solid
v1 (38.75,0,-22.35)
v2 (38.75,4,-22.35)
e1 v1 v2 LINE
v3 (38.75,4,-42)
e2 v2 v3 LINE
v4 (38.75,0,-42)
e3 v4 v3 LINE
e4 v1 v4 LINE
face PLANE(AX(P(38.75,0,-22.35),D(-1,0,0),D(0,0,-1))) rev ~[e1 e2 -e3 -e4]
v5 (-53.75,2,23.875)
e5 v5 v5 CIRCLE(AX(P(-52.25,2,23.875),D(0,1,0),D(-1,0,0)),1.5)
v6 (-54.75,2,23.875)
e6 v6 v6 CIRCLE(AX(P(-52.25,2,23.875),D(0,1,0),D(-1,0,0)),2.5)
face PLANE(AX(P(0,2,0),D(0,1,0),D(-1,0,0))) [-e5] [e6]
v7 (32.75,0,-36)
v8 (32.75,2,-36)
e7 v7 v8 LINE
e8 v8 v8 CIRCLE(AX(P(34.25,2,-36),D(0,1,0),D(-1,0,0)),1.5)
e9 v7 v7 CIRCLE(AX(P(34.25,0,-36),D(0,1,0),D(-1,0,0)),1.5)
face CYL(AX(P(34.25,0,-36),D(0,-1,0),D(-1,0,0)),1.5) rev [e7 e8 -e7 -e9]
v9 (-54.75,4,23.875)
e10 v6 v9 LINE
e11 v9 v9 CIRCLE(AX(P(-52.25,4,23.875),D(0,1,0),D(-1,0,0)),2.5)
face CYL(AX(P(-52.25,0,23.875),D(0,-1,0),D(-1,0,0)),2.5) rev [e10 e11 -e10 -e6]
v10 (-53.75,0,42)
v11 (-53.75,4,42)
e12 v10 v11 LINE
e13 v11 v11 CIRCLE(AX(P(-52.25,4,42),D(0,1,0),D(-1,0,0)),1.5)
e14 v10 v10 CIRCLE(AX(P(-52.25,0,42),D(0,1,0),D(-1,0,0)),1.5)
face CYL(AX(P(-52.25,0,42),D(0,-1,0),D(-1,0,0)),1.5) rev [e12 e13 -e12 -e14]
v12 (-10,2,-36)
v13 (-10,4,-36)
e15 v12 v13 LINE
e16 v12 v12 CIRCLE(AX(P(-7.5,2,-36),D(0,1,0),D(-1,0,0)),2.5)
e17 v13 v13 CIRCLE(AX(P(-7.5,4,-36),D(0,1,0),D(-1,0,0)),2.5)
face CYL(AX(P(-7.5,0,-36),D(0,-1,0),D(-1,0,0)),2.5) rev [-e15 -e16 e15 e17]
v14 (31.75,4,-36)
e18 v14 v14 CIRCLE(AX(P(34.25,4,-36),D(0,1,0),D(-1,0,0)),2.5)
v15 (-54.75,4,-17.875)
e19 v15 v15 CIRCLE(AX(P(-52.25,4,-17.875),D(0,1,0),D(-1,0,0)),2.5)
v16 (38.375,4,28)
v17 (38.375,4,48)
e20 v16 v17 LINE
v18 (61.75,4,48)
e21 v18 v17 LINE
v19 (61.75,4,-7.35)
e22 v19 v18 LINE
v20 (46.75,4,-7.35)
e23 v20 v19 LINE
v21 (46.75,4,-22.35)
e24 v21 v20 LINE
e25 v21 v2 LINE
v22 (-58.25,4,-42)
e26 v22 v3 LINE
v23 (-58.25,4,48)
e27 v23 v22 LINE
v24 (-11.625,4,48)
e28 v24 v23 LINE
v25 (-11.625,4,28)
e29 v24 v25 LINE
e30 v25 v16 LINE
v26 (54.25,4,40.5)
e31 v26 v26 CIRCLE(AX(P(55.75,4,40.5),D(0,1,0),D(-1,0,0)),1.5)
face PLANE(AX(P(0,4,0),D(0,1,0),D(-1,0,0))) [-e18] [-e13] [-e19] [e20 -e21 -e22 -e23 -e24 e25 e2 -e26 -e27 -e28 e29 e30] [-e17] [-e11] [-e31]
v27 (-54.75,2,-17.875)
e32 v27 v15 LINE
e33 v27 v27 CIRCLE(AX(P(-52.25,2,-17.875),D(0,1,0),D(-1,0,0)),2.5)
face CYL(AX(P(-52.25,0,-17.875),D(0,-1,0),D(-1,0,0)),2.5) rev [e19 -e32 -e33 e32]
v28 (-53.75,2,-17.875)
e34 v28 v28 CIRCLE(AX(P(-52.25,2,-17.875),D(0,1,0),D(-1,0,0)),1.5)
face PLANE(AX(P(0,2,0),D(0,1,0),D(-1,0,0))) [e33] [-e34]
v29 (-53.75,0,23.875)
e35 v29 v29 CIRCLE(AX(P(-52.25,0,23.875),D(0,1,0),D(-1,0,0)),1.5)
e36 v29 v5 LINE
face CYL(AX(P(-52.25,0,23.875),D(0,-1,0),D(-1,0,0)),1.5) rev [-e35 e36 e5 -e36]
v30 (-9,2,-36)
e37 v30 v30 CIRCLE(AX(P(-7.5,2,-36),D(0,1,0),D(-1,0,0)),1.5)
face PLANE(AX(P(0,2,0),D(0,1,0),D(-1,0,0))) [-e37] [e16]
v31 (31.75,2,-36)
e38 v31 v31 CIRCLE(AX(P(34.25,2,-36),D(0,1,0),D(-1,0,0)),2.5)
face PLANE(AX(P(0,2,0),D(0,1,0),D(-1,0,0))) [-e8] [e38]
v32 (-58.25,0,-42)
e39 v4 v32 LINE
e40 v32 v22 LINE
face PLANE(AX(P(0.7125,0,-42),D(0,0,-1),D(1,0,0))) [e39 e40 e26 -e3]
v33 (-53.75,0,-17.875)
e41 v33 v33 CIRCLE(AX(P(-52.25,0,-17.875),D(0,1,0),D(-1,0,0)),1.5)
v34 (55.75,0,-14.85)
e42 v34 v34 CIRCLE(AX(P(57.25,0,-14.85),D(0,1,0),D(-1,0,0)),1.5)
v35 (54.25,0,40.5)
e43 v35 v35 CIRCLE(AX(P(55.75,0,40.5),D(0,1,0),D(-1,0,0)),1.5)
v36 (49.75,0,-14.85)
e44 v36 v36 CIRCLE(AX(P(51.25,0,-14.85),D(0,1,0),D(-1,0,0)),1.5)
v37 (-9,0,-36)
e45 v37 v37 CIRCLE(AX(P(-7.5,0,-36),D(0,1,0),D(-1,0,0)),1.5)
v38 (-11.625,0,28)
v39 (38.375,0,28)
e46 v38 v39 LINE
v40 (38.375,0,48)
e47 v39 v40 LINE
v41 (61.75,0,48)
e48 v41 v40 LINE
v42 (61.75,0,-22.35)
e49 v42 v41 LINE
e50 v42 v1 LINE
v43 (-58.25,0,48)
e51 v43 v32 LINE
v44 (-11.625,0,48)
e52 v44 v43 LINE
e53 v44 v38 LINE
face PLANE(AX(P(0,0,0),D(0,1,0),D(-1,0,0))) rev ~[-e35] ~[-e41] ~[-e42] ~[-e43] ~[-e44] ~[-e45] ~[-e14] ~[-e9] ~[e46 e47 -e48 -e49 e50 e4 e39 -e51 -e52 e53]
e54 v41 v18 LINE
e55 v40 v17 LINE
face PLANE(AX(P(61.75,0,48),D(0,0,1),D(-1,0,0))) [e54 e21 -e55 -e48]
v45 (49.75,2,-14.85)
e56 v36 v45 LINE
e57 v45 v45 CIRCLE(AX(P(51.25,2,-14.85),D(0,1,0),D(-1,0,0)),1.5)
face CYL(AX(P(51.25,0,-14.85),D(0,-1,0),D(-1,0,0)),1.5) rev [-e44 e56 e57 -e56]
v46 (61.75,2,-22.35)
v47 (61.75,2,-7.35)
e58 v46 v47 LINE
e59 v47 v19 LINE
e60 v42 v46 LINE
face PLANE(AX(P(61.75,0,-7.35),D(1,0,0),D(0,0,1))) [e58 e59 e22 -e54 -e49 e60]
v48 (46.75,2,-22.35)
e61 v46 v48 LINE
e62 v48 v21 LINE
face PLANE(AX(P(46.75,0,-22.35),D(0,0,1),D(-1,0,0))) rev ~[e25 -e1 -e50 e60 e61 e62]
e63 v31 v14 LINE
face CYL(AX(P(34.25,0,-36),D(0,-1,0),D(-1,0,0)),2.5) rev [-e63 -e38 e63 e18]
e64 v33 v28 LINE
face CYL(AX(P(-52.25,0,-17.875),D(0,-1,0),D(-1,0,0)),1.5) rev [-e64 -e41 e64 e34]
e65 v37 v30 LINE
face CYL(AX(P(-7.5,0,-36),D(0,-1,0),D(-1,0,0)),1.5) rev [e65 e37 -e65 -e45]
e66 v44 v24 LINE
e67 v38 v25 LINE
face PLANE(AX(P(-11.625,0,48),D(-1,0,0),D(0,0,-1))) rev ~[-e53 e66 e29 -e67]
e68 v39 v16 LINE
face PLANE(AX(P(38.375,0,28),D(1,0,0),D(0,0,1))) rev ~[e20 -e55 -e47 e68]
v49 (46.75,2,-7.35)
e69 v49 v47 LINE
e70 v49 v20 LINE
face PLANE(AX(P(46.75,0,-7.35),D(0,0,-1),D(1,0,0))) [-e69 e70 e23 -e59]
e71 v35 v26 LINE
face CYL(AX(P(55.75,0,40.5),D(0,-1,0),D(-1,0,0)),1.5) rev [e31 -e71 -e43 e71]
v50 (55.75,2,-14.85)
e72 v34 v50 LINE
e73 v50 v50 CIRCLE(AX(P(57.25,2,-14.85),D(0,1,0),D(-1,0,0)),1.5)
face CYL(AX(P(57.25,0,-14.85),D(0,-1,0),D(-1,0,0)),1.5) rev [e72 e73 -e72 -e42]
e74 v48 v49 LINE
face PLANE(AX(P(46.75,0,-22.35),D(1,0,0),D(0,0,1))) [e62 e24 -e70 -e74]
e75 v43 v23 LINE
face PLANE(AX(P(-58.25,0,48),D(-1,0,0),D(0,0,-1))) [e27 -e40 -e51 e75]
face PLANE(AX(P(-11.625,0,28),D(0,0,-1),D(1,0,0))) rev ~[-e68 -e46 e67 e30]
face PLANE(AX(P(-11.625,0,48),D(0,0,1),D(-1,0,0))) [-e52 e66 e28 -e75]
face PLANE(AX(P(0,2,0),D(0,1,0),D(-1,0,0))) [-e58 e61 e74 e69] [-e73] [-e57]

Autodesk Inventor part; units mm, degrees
ref_plane "YZ Plane" through (0, 0, 0) normal (1, 0, 0) x (0, 1, 0)
ref_plane "XZ Plane" through (0, 0, 0) normal (0, 1, 0) x (-1, 0, 0)
ref_plane "XY Plane" through (0, 0, 0) normal (0, 0, 1) x (1, 0, 0)
sketch "Sketch1" plane through (0, 0, 0) normal (0, 1, 0) x (-1, 0, 0)
  line L0 (-61.75, -42) -> (-61.75, 48)
  line L1 (-0.875, 23) -> (-0.875, 3)
  circle A0 centre (-7.375, 13) radius 1.5
  line L2 (11.625, 48) -> (11.625, 28)
  circle A1 centre (-19.375, 13) radius 1.5
  line L3 (-0.875, 3) -> (-25.875, 3)
  line L4 (-25.875, 23) -> (-0.875, 23)
  line L5 (-25.875, 3) -> (-25.875, 23)
  line L6 (-61.75, 48) -> (58.25, 48)
  line L7 (11.625, 28) -> (-38.375, 28)
  line L8 (-38.375, 48) -> (11.625, 48)
  circle A2 centre (-55.75, 40.5) radius 1.5
  line L9 (-38.375, 28) -> (-38.375, 48)
  line L10 (-28.375, 0) -> (-13.375, 0)
  line L11 (-13.375, 0) -> (-13.375, -30)
  line L12 (-13.375, -30) -> (-28.375, -30)
  line L13 (-28.375, -30) -> (-28.375, 0)
  line L14 (1.625, 0) -> (-13.375, 0)
  circle A3 centre (-5.875, -9) radius 1.5
  circle A4 centre (-5.875, -21) radius 1.5
  circle A5 centre (-20.875, -9) radius 1.5
  line L15 (1.625, -30) -> (1.625, 0)
  line L16 (-13.375, 0) -> (-13.375, -30)
  line L17 (-13.375, -30) -> (1.625, -30)
  circle A6 centre (-20.875, -21) radius 1.5
  line L18 (-46.75, -7.35) -> (-61.75, -7.35)
  circle A7 centre (-51.25, -14.85) radius 1.5
  circle A8 centre (-51.25, -14.85) radius 2.5
  circle A9 centre (-57.25, -14.85) radius 1.5
  circle A10 centre (-57.25, -14.85) radius 2.5
  line L19 (-46.75, -22.35) -> (-46.75, -7.35)
  line L20 (-61.75, -7.35) -> (-61.75, -22.35)
  line L21 (-61.75, -22.35) -> (-46.75, -22.35)
  line L22 (-61.75, -25) -> (-61.75, -42)
  line L23 (-61.75, -42) -> (-46.75, -42)
  line L24 (58.25, 48) -> (58.25, -42)
  line L25 (58.25, -42) -> (9.2875, -42)
  circle A11 centre (52.25, 42) radius 1.5
  circle A12 centre (52.25, -17.875) radius 1.5
  circle A13 centre (52.25, -17.875) radius 2.5
  line L26 (43.975, 3) -> (63.025, 3) construction
  circle A14 centre (52.25, 23.875) radius 2.5
  circle A15 centre (52.25, 23.875) radius 1.5
  line L27 (-0.7125, -42) -> (-61.75, -42)
  circle A16 centre (-34.25, -36) radius 2.5
  circle A17 centre (-34.25, -36) radius 1.5
  line L28 (-0.7125, -42) -> (9.2875, -42)
  circle A18 centre (7.5, -36) radius 1.5
  circle A19 centre (7.5, -36) radius 2.5
  line L29 (-13.375, 3) -> (-13.375, -33.5) construction
  line L30 (-46.75, -22.35) -> (-38.75, -22.35)
  line L31 (-38.75, -22.35) -> (-38.75, -42)
  point P0 (6.919, -15.2883)
  point P1 (4.2875, 3)
  point P2 (-0.875, 13)
  point P3 (-34.25, -30)
  point P4 (7.5, -30)
  dimension "d32" = 7.5
  dimension "d33" = 12
  dimension "d34" = 12
  dimension "d35" = 7.5
  dimension "d36" = 0
  dimension "d37" = 0
  dimension "d38" = 8
extrude "Extrusion1" add sketch "Sketch1" along normal blind 4 contours L31 L30 L19 L18 L0 L6 L9 L7 L2 L24 L25 L28 L27 | L1 L3 L5 L4 | A0 | A1 | L10 L11 L12 L13 | L14 L15 L17 L11 | A3 | A4 | A5 | A6
extrude "Extrusion2" add sketch "Sketch1" along normal blind 2 contours L0 L18 L19 L21 | L1 L3 L5 L4 | L10 L11 L12 L13 | L14 L15 L17 L11 | A8 | A10 | A13 | A14 | A16 | A19
properties part number "Casis Kiri Bawah"
